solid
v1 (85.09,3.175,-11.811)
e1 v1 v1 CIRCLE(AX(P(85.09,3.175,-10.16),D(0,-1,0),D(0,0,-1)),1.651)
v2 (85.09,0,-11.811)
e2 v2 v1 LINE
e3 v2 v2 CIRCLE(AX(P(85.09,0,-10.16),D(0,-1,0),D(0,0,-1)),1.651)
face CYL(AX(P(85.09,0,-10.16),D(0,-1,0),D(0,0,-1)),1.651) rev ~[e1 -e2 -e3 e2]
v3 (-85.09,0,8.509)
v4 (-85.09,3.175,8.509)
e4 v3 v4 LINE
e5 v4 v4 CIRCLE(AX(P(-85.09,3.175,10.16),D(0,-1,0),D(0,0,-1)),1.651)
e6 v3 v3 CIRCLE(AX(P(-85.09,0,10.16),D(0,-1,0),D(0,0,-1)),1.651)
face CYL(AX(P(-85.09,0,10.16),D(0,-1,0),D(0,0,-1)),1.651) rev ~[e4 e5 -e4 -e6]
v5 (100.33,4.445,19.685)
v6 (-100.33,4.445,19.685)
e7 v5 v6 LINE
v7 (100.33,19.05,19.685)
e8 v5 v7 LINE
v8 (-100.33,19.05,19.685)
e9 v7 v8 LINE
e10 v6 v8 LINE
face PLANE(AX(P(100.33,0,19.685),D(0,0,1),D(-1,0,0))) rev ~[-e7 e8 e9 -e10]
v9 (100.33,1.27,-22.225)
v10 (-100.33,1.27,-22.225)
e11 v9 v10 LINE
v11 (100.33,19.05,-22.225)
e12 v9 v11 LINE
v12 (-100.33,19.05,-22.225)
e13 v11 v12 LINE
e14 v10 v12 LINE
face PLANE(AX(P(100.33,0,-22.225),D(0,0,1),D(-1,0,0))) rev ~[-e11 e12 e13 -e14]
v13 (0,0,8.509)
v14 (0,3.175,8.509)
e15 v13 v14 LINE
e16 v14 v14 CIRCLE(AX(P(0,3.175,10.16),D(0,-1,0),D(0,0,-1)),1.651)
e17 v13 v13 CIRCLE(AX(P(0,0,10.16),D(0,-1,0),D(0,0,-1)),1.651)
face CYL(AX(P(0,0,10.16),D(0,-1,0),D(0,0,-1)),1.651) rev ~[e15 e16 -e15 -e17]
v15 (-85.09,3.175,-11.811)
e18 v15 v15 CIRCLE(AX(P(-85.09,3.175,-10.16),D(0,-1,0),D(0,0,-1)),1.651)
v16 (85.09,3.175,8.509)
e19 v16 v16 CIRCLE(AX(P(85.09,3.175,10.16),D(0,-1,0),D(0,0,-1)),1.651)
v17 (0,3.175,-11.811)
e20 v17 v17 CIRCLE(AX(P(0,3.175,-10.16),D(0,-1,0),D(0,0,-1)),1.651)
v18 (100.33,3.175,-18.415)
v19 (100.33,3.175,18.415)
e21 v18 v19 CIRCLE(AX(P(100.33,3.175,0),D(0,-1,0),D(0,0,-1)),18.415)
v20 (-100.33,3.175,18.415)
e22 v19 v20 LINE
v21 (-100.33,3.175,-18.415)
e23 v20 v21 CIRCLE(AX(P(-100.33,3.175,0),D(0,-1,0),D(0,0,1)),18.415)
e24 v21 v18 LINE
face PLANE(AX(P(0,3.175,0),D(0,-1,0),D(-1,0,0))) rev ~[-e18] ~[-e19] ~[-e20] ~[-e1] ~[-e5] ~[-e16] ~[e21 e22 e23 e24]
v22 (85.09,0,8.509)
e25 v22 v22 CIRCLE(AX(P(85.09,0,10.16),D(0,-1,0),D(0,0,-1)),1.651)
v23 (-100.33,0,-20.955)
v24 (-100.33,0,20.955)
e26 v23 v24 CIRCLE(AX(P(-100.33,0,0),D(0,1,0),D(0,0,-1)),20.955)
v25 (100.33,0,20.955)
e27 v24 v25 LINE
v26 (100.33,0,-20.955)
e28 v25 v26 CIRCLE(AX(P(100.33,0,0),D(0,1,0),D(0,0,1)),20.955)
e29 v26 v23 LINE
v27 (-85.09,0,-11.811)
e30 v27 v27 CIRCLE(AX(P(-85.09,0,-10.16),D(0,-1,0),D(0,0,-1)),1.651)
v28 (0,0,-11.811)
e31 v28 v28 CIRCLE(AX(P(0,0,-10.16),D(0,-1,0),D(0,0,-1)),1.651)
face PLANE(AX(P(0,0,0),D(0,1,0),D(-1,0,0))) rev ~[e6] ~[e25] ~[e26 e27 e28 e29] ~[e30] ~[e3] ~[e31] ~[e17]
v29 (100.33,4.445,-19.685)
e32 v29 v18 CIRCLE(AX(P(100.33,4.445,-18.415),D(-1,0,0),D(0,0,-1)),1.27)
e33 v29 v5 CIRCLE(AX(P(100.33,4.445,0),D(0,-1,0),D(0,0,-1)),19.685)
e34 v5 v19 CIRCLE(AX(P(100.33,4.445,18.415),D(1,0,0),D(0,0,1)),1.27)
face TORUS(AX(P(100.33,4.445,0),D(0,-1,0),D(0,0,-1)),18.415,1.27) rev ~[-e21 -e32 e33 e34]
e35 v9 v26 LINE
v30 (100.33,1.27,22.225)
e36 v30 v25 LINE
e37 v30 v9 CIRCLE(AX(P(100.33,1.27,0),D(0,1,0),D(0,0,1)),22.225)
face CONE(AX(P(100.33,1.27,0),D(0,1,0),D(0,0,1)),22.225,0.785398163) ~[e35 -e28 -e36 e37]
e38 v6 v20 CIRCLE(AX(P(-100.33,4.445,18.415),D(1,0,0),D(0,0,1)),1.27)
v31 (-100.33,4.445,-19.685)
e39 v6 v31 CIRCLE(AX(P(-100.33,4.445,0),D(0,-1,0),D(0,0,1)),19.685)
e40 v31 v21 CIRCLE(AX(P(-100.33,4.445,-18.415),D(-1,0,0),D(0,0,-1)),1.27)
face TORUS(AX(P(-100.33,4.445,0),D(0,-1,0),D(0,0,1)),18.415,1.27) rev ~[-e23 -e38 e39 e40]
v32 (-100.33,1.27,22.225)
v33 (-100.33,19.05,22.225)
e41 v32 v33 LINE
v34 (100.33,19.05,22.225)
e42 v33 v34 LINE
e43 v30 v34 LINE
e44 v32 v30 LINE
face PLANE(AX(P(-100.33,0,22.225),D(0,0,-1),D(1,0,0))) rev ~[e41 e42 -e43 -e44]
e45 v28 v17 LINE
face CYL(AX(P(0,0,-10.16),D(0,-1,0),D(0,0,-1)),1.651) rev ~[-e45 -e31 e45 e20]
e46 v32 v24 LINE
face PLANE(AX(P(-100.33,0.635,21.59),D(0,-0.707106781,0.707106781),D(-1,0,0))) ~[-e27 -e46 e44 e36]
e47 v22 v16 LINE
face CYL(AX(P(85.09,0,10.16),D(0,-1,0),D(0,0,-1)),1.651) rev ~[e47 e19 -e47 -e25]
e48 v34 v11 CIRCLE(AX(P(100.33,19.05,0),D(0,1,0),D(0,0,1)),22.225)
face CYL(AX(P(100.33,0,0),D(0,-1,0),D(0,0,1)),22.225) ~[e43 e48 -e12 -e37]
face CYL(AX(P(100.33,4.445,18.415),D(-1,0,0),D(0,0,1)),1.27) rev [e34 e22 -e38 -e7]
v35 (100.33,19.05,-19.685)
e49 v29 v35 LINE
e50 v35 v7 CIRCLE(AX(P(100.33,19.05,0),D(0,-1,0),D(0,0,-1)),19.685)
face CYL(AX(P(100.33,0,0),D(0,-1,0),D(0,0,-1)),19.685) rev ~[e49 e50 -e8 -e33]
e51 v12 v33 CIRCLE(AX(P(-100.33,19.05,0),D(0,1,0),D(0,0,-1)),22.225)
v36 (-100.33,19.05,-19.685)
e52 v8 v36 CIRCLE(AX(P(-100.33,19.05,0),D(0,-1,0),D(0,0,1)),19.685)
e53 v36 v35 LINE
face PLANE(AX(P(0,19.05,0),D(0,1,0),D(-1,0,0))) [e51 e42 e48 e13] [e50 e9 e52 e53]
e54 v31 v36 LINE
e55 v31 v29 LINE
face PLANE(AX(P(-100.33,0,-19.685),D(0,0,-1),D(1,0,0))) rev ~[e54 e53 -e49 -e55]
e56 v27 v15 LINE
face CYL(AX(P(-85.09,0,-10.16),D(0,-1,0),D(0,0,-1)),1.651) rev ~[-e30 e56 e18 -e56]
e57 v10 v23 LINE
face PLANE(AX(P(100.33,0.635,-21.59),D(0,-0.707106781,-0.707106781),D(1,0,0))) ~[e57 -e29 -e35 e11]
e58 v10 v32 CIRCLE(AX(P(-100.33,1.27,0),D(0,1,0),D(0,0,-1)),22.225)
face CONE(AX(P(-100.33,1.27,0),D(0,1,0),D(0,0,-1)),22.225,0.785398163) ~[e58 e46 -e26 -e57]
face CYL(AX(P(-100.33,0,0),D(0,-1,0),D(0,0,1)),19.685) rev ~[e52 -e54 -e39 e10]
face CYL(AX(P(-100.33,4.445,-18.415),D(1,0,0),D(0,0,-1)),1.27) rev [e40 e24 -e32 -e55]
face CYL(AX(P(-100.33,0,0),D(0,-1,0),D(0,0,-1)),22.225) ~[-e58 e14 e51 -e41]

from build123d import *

# Parameters (mm, degrees)
MAINBLOCK_DEPTH     = 3.175
BOSS_EXTRUDE1_DEPTH = 19.05
SKETCH3_R           = 1.651
MOUNT_HOLES_DEPTH   = 127.00230613
FILLET1_R           = 1.27
CHAMFER1_SIZE       = 1.27


with BuildPart() as part:
    # Sketch1 → MainBlock (new body)
    with BuildSketch(Plane(origin=(0, 0, 0), x_dir=(1, 0, 0), z_dir=(0, 1, 0))):
        with BuildLine():
            Line((-100.33, 19.685), (100.33, 19.685))
            ThreePointArc((100.33, 19.685), (120.015, 0), (100.33, -19.685))
            Line((100.33, -19.685), (-100.33, -19.685))
            ThreePointArc((-100.33, -19.685), (-120.015, 0), (-100.33, 19.685))
        make_face()
    extrude(amount=MAINBLOCK_DEPTH)

    # Sketch2 → Boss-Extrude1 (add)
    with BuildSketch(Plane.XZ):
        with BuildLine():
            Line((-100.33, 22.225), (100.33, 22.225))
            ThreePointArc((100.33, 22.225), (122.555, 0), (100.33, -22.225))
            Line((100.33, -22.225), (-100.33, -22.225))
            ThreePointArc((-100.33, -22.225), (-122.555, 0), (-100.33, 22.225))
        make_face()
        with BuildLine():
            Line((100.33, 19.685), (-100.33, 19.685))
            ThreePointArc((-100.33, 19.685), (-120.015, 0), (-100.33, -19.685))
            Line((-100.33, -19.685), (100.33, -19.685))
            ThreePointArc((100.33, -19.685), (120.015, 0), (100.33, 19.685))
        make_face(mode=Mode.SUBTRACT)
    extrude(amount=-BOSS_EXTRUDE1_DEPTH)

    # Sketch3 → Mount-Holes (cut, through all)
    with BuildSketch(Plane.XZ):
        with Locations(Location((0, 10.16, 0), (0, 0, 270))):
            Circle(SKETCH3_R)
        with Locations(Location((-85.09, 10.16, 0), (0, 0, 270))):
            Circle(SKETCH3_R)
        with Locations(Location((85.09, 10.16, 0), (0, 0, 270))):
            Circle(SKETCH3_R)
        with Locations(Location((85.09, -10.16, 0), (0, 0, 270))):
            Circle(SKETCH3_R)
        with Locations(Location((-85.09, -10.16, 0), (0, 0, 270))):
            Circle(SKETCH3_R)
        with Locations(Location((0, -10.16, 0), (0, 0, 270))):
            Circle(SKETCH3_R)
    extrude(amount=-MOUNT_HOLES_DEPTH, mode=Mode.SUBTRACT)

    # Fillet1
    fillet1_edges = [part.edges().sort_by_distance(p)[0] for p in [
        (120.015, 3.175, 0),
        (0, 3.175, -19.685),
        (-120.015, 3.175, 0),
        (0, 3.175, 19.685),
    ]]
    fillet(fillet1_edges, radius=FILLET1_R)

    # Chamfer1
    chamfer1_edges = [part.edges().sort_by_distance(p)[0] for p in [
        (-122.555, 0, 0),
        (0, 0, -22.225),
        (122.555, 0, 0),
        (0, 0, 22.225),
    ]]
    chamfer(chamfer1_edges, length=CHAMFER1_SIZE)


solid = part.part
